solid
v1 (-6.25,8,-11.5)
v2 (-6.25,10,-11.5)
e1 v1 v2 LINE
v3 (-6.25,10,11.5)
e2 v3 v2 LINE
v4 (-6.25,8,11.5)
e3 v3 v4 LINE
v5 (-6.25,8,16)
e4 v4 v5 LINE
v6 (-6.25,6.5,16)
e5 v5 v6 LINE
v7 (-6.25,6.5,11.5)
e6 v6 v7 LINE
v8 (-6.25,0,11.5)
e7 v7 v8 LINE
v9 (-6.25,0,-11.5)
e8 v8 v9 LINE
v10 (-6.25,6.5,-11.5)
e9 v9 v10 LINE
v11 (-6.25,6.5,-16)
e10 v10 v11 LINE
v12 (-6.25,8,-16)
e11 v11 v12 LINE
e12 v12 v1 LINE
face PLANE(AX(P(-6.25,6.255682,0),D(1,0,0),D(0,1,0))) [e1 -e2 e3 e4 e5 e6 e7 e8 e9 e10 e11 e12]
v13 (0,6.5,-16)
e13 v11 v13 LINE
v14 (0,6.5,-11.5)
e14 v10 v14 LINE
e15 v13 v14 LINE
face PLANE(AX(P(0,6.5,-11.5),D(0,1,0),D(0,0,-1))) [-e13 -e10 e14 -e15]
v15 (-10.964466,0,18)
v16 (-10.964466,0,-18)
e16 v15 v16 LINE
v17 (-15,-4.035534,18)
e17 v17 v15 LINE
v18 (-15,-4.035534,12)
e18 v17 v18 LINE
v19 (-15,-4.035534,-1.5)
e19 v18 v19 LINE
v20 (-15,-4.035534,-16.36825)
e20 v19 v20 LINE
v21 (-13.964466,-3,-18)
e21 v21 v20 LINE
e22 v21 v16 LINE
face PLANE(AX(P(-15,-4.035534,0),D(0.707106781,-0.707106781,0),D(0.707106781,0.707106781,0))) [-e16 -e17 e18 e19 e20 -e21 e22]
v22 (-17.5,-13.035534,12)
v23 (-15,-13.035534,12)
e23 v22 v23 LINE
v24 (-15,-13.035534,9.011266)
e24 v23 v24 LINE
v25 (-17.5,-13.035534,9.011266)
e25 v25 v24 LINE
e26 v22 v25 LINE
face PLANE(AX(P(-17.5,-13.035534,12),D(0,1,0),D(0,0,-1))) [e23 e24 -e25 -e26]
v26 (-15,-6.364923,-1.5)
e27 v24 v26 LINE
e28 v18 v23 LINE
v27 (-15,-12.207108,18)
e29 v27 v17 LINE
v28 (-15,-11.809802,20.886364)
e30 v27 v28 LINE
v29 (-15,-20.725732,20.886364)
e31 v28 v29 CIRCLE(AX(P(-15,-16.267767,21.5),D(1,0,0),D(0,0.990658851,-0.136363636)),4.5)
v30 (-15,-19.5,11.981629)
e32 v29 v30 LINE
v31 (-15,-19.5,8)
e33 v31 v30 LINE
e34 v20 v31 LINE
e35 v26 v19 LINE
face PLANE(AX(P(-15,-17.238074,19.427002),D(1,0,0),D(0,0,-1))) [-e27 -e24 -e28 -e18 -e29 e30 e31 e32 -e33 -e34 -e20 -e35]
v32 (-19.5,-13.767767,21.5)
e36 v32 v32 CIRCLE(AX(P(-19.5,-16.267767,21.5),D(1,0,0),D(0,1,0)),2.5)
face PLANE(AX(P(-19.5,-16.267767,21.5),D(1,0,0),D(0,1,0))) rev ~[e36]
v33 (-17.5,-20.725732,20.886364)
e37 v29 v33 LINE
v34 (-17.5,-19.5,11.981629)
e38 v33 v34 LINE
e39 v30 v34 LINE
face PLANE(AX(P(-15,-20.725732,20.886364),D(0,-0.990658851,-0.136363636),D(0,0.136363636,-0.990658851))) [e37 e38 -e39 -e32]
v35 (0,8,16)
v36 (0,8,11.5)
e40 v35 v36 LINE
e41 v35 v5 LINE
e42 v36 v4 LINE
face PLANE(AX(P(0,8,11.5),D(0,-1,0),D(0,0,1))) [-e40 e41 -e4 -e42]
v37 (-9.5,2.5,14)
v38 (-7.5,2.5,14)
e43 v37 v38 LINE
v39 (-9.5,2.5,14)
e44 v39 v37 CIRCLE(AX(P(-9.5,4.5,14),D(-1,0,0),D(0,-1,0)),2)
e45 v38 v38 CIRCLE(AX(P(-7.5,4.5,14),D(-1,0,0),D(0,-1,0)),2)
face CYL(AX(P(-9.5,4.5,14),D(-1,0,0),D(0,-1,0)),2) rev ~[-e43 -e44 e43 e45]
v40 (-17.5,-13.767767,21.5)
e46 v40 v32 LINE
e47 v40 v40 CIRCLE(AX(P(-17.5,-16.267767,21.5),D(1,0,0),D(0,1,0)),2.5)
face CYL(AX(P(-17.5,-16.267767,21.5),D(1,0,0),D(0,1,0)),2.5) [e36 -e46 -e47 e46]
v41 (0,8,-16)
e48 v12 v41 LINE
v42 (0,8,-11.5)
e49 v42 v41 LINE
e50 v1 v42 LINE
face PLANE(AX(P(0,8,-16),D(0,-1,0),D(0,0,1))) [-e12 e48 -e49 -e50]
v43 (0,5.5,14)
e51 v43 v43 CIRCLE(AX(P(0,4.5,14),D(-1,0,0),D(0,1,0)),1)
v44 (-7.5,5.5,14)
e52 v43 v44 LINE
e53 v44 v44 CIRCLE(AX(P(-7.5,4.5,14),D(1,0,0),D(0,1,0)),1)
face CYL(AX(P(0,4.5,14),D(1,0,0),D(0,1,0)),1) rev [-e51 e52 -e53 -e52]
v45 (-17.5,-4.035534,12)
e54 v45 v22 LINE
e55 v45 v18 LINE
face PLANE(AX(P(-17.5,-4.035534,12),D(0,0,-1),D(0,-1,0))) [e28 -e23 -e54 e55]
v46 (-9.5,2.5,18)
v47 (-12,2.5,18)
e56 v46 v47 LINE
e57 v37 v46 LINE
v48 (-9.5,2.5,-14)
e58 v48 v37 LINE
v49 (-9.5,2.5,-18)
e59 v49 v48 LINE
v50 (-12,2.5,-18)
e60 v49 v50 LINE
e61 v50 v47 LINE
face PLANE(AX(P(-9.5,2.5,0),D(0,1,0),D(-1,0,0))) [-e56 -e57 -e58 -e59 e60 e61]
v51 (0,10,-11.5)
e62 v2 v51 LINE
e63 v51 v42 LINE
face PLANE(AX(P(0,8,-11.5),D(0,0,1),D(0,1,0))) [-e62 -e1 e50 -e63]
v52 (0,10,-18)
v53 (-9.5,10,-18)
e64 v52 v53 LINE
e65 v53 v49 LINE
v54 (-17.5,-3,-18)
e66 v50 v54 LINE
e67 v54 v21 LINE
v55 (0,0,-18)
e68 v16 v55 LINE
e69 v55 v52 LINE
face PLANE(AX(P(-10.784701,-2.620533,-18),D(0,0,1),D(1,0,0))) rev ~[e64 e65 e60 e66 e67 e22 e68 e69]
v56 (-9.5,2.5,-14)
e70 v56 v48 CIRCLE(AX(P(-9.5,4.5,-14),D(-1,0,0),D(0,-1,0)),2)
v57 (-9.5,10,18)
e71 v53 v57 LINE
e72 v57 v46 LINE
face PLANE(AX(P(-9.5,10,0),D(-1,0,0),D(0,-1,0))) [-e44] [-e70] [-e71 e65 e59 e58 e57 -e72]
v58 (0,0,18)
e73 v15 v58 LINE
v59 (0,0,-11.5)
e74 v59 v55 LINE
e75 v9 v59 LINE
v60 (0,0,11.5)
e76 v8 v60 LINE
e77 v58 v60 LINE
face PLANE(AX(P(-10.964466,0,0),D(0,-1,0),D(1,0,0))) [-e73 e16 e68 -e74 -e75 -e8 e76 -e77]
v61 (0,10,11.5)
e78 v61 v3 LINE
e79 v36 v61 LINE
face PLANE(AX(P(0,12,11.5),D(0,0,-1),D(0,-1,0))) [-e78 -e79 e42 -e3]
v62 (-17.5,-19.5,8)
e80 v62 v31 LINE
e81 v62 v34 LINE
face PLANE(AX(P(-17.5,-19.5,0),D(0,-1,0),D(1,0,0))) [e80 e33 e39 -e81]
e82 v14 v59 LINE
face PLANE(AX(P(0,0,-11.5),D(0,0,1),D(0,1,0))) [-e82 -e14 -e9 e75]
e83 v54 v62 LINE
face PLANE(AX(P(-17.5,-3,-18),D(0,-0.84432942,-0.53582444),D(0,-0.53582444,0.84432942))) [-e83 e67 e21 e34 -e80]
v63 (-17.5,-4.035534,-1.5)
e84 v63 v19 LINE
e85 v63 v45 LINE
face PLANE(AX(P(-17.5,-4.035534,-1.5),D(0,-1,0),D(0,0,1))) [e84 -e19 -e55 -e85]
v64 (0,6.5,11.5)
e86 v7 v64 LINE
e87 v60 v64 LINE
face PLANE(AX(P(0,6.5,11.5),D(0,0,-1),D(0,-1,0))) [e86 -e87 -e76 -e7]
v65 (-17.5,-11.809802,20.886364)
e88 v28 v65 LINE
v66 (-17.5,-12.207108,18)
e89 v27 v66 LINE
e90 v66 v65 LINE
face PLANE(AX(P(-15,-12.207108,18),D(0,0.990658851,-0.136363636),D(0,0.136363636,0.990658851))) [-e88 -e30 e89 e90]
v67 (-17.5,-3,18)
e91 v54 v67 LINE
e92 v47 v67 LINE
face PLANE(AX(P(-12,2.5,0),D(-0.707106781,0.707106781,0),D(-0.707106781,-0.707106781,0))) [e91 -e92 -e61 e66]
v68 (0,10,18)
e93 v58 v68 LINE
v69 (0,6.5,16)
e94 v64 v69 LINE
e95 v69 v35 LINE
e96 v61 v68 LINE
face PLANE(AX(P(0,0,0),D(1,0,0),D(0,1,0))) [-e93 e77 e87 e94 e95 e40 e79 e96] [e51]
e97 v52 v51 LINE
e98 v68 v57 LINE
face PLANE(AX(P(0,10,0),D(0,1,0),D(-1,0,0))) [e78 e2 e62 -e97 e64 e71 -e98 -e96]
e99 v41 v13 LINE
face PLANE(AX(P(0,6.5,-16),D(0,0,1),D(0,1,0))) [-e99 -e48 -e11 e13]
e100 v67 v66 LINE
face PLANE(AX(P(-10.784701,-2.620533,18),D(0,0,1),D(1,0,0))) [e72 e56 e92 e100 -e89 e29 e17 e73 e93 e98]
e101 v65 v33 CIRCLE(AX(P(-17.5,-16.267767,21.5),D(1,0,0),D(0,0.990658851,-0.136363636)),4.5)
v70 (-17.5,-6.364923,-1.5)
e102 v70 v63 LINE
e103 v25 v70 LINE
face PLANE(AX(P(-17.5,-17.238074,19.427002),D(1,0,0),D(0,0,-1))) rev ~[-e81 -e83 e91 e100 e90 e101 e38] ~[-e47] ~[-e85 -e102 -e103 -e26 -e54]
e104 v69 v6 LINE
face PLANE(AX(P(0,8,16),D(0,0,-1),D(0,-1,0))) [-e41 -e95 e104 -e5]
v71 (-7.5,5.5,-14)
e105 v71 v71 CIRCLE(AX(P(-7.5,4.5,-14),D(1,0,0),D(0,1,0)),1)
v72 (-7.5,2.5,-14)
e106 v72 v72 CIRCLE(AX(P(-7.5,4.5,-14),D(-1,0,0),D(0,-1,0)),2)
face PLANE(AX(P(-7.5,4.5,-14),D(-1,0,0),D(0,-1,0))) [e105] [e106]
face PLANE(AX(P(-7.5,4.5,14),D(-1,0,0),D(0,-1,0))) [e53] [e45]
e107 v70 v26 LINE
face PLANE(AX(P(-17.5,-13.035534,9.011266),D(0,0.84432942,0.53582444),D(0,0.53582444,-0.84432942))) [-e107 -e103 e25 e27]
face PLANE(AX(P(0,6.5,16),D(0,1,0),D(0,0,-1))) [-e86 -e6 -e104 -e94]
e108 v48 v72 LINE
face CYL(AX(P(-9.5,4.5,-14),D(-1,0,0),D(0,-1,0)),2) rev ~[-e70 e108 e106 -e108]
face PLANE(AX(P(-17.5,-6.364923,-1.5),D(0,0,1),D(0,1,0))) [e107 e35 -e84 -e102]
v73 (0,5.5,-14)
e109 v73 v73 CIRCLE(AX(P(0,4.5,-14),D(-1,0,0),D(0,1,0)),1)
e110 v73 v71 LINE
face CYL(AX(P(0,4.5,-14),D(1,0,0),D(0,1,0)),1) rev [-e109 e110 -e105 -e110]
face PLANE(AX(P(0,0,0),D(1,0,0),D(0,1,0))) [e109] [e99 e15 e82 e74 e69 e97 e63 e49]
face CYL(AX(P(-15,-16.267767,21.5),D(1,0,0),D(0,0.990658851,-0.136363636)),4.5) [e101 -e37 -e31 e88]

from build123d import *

# Parameters (mm, degrees)
EXTRUDE_1_DEPTH     = 18
CUT_EXTRUDE_1_REACH = 33.788
CUT_EXTRUDE_2_DEPTH = 6.25
SKETCH_4_R          = 1
CUT_EXTRUDE_3_DEPTH = 39.303882092
SKETCH_5_R          = 2
CUT_EXTRUDE_4_DEPTH = 2
EXTRUDE_3_DEPTH     = 2.5
EXTRUDE_START       = -2.5
SKETCH_6_3_R        = 2.5
EXTRUDE_4_DEPTH     = 2


with BuildPart() as part:
    # 草图1 → 凸台-拉伸1 (new, symmetric)
    with BuildSketch(Plane.XY):
        Polygon((0, 0), (0, 10), (-9.5, 10), (-9.5, 2.5), (-12, 2.5), (-17.5, -3), (-17.5, -19.5), (-15, -19.5), (-15, -4.035533906), (-10.964466094, 0), align=None)
    extrude(amount=EXTRUDE_1_DEPTH, both=True)

    # 草图2 → 切除-拉伸1 (cut, up to next)
    with BuildSketch(Plane.ZY.offset(17.5), mode=Mode.PRIVATE) as cut_extrude_1_sk1:
        Polygon((-1.5, -6.364922728), (-1.5, -4.035533906), (12, -4.035533906), (12, -13.035533906), (9.011266099, -13.035533906), align=None)
    cut_extrude_1_tool1 = extrude(cut_extrude_1_sk1.sketch, amount=-CUT_EXTRUDE_1_REACH, mode=Mode.PRIVATE) & part.part
    # 草图2 → 切除-拉伸1 (cut, up to next)
    with BuildSketch(Plane.ZY.offset(17.5), mode=Mode.PRIVATE) as cut_extrude_1_sk2:
        Polygon((-18, -3), (8, -19.5), (-18, -19.5), align=None)
    cut_extrude_1_tool2 = extrude(cut_extrude_1_sk2.sketch, amount=-CUT_EXTRUDE_1_REACH, mode=Mode.PRIVATE) & part.part
    add(cut_extrude_1_tool1.solids().sort_by_distance((-17.5, -7.612266, 6.566584))[0], mode=Mode.SUBTRACT)
    add(cut_extrude_1_tool2.solids().sort_by_distance((-17.5, -14, -9.333333))[0], mode=Mode.SUBTRACT)

    # 草图3 → 切除-拉伸2 (cut, symmetric)
    with BuildSketch(Plane(origin=(0, 8.894521129, 0.833176928), x_dir=(0, -1, 0), z_dir=(-1, 0, 0))):
        Polygon((2.394521129, 15.166823072), (2.394521129, 10.666823072), (8.894521129, 10.666823072), (8.894521129, -12.333176928), (2.394521129, -12.333176928), (2.394521129, -16.833176928), (0.894521129, -16.833176928), (0.894521129, -12.333176928), (-3.105478871, -12.333176928), (-3.105478871, 10.666823072), (0.894521129, 10.666823072), (0.894521129, 15.166823072), align=None)
    extrude(amount=CUT_EXTRUDE_2_DEPTH, both=True, mode=Mode.SUBTRACT)

    # 草图4 → 切除-拉伸3 (cut, through all)
    with BuildSketch(Plane(origin=(0, 8.894521129, 0.833176928), x_dir=(0, -1, 0), z_dir=(-1, 0, 0))):
        with Locations(Location((4.394521129, -14.833176928, 0), (0, 0, 180))):
            Circle(SKETCH_4_R)
        with Locations(Location((4.394521129, 13.166823072, 0), (0, 0, 180))):
            Circle(SKETCH_4_R)
    extrude(amount=CUT_EXTRUDE_3_DEPTH, mode=Mode.SUBTRACT)

    # 草图5 → 切除-拉伸4 (cut)
    with BuildSketch(Plane.ZY.offset(9.5)):
        with Locations(Location((14, 4.5, 0), (0, 0, 270))):
            Circle(SKETCH_5_R)
        with Locations(Location((-14, 4.5, 0), (0, 0, 270))):
            Circle(SKETCH_5_R)
    extrude(amount=-CUT_EXTRUDE_4_DEPTH, mode=Mode.SUBTRACT)

    # 草图6 → 凸台-拉伸3 (add)
    with BuildSketch(Plane(origin=(-15, 0, 0), x_dir=(0, 0, -1), z_dir=(1, 0, 0))):
        with BuildLine():
            ThreePointArc((-20.886363636, -11.809802124), (-26, -16.267766953), (-20.886363636, -20.725731782))
            Line((-20.886363636, -20.725731782), (-11.98162869, -19.5))
            Line((-11.98162869, -19.5), (-18, -19.5))
            Line((-18, -19.5), (-18, -12.207108463))
            Line((-18, -12.207108463), (-20.886363636, -11.809802124))
        make_face()
    extrude(amount=-EXTRUDE_3_DEPTH)

    # 草图6<3> → 凸台-拉伸4 (add)
    with BuildSketch(Plane(origin=(-15, 0, 0), x_dir=(0, 0, -1), z_dir=(1, 0, 0)).offset(EXTRUDE_START)):
        with Locations(Location((-21.5, -16.267766953, 0), (0, 0, 90))):
            Circle(SKETCH_6_3_R)
    extrude(amount=-EXTRUDE_4_DEPTH)


solid = part.part
